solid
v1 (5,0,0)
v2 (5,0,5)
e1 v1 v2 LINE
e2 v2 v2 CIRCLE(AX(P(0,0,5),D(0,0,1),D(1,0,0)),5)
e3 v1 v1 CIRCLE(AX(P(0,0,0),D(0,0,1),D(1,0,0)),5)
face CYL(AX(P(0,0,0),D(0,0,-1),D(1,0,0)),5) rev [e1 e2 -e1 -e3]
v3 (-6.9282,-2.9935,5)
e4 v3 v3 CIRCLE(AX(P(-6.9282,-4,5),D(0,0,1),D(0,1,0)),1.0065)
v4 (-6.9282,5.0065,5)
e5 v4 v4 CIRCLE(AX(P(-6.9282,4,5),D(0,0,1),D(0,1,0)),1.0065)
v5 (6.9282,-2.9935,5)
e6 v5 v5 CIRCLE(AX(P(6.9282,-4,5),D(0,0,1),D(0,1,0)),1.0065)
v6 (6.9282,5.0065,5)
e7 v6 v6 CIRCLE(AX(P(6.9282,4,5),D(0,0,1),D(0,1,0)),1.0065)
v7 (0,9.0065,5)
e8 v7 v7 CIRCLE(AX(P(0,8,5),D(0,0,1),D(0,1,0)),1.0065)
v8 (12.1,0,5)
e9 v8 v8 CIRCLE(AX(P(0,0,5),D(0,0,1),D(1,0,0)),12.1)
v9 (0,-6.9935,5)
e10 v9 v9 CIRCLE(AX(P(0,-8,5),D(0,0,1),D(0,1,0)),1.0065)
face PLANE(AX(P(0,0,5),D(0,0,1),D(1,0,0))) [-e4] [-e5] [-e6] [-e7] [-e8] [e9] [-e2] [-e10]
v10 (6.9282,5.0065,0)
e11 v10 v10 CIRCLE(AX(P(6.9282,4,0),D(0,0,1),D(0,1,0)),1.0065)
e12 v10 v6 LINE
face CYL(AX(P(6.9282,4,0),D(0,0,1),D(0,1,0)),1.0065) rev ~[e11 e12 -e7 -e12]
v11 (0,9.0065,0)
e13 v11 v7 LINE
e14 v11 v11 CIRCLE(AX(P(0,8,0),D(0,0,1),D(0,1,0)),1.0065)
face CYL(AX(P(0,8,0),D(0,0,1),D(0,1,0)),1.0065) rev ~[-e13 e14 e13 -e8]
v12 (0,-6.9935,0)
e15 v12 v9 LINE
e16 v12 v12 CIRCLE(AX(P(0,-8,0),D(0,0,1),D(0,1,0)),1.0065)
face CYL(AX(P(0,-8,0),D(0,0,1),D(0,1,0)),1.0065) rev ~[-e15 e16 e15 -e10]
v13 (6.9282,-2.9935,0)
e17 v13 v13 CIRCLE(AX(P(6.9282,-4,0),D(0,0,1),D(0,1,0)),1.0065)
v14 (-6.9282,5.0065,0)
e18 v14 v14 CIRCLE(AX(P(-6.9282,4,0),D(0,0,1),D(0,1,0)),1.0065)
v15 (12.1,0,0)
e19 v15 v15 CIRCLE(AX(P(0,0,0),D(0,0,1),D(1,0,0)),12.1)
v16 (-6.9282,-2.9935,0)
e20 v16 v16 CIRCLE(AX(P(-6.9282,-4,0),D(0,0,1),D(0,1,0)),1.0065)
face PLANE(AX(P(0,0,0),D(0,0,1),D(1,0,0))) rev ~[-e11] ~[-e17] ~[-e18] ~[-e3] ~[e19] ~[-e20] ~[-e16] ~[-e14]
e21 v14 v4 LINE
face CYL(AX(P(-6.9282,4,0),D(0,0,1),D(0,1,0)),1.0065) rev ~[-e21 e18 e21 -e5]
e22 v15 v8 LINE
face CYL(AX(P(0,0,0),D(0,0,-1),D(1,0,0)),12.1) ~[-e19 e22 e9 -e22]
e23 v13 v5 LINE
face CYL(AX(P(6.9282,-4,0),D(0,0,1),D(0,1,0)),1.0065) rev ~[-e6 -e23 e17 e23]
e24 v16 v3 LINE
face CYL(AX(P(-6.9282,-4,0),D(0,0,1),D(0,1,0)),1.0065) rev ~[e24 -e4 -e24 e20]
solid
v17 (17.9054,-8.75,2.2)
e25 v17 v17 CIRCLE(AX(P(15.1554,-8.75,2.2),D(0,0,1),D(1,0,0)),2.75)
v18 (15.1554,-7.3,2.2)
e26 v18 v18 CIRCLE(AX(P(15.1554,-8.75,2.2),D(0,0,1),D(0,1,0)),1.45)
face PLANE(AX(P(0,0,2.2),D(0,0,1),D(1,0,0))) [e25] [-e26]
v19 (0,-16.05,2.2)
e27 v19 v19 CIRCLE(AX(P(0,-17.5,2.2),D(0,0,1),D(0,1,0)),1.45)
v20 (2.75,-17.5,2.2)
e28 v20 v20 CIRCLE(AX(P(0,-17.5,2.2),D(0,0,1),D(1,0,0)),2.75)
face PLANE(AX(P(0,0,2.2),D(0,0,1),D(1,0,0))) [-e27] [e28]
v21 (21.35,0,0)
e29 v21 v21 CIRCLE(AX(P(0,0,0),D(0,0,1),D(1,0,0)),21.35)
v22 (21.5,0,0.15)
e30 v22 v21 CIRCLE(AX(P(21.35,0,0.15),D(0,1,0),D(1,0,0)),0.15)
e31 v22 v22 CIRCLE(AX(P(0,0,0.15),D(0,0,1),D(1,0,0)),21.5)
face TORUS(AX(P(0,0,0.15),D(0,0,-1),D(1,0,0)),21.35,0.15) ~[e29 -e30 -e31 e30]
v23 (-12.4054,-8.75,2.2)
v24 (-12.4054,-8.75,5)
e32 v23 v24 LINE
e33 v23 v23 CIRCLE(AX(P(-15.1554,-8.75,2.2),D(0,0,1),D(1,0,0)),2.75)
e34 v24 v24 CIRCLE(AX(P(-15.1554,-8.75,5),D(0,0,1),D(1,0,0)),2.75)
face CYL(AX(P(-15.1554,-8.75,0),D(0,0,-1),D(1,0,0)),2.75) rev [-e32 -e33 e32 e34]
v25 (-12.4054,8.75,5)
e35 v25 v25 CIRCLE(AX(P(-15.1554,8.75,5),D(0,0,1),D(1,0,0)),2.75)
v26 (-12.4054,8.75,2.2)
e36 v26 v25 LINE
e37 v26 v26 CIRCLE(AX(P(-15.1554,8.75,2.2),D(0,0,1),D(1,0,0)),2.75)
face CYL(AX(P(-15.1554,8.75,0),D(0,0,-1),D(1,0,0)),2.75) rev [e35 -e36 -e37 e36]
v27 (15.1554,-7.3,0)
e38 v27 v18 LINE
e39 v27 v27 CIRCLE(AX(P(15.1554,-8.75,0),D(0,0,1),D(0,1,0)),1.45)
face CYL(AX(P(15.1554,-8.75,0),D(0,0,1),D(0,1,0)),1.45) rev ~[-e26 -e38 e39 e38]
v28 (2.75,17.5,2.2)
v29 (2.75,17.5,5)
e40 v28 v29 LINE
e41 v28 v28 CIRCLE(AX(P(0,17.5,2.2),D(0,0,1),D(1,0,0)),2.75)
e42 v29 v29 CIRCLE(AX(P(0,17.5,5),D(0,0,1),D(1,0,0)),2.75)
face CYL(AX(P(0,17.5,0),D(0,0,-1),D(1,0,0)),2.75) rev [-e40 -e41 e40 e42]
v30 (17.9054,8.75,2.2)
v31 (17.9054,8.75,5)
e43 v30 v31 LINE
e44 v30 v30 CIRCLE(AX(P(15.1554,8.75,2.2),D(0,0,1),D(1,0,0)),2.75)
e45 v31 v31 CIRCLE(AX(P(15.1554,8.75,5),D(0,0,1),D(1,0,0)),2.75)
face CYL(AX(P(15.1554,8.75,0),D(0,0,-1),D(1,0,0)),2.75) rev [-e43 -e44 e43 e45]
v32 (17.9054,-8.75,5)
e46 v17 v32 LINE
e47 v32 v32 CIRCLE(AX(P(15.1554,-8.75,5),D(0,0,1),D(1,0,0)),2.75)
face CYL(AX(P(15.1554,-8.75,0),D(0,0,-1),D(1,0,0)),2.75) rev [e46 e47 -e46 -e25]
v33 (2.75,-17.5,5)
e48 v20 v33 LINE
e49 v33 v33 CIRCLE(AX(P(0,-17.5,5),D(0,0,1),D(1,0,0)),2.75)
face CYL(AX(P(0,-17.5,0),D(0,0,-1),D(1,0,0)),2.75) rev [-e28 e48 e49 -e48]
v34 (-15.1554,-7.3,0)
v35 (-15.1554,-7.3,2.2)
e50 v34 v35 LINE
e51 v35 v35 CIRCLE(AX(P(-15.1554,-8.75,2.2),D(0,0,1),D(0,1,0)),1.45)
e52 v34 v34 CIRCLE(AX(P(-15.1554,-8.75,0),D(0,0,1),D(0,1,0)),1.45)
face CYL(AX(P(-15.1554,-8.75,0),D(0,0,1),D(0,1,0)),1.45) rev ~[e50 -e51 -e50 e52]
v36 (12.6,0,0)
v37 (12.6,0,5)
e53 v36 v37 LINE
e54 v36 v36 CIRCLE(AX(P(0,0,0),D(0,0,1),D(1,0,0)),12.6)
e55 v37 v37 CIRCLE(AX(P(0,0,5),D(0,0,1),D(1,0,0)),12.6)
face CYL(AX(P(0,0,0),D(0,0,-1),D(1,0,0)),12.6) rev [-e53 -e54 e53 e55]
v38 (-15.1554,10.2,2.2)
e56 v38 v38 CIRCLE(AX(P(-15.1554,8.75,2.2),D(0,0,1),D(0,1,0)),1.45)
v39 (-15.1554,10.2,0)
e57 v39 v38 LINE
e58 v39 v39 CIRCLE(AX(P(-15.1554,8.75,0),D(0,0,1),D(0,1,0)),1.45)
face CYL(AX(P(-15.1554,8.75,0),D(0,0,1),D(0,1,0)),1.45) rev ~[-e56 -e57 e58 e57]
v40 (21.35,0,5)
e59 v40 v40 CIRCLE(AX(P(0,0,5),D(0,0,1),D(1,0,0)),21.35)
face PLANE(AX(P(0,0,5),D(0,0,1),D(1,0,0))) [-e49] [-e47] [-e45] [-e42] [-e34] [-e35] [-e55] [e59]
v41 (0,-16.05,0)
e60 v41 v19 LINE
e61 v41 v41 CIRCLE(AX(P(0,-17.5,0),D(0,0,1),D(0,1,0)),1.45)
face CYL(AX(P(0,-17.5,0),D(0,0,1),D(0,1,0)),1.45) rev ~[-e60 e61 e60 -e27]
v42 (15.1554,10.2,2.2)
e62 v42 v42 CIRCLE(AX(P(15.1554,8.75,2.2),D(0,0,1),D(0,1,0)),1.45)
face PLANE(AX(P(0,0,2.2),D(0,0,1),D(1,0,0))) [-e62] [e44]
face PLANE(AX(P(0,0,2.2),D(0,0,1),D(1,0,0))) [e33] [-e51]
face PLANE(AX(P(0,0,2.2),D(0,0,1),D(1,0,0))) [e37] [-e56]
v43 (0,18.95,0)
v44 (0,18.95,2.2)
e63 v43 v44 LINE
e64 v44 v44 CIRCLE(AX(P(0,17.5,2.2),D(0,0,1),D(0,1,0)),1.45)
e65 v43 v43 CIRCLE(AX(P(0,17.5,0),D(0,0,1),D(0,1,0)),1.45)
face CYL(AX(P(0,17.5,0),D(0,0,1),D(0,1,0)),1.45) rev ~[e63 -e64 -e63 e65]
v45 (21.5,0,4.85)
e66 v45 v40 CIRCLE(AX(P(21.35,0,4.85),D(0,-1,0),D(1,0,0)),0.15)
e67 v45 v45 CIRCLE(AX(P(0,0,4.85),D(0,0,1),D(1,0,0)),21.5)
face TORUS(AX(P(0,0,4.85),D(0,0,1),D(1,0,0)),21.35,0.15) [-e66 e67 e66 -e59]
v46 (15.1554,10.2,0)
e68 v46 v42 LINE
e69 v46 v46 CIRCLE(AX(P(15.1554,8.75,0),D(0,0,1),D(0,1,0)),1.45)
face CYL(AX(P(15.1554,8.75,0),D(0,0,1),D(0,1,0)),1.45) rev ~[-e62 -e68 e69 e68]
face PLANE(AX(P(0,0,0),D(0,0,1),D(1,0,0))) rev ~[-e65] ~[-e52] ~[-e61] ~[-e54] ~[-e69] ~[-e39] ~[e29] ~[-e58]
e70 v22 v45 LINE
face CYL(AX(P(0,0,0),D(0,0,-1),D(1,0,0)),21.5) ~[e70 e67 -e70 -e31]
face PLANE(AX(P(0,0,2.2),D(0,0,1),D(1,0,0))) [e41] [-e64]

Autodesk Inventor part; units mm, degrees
ref_plane "YZ Plane" through (0, 0, 0) normal (1, 0, 0) x (0, 1, 0)
ref_plane "XZ Plane" through (0, 0, 0) normal (0, 1, 0) x (-1, 0, 0)
ref_plane "XY Plane" through (0, 0, 0) normal (0, 0, 1) x (1, 0, 0)
sketch "スケッチ1" plane through (0, 0, 0) normal (0, 0, 1) x (1, 0, 0)
  circle A0 centre (0, 0) radius 21.5
  circle A1 centre (0, 0) radius 5
  circle A2 centre (0, 0) radius 12.6
  circle A3 centre (0, 0) radius 12.1
  line L0 (0, 21.5) -> (0, 0) construction
  circle A4 centre (0, 17.5) radius 2.75
  circle A5 centre (-15.1554, 8.75) radius 2.75
  circle A6 centre (-15.1554, -8.75) radius 2.75
  circle A7 centre (0, -17.5) radius 2.75
  circle A8 centre (15.1554, -8.75) radius 2.75
  circle A9 centre (15.1554, 8.75) radius 2.75
  point P0 (0, 8)
  point P1 (-6.9282, 4)
  point P2 (-6.9282, -4)
  point P3 (0, -8)
  point P4 (6.9282, -4)
  point P5 (6.9282, 4)
  dimension "d0" = 43
  dimension "d1" = 10
  dimension "d2" = 25.2
  dimension "d3" = 24.2
  dimension "d4" = 8
  dimension "d5" = 17.5
  dimension "d10" = 5.5
  dimension "d13" = 360
extrude "押し出し1" add sketch "スケッチ1" along normal blind 5
extrude "押し出し2" add sketch "スケッチ1" along normal blind 2.2 contours A4 | A5 | A6 | A7 | A8 | A9
hole "穴1" at (0, 17.5, 0) at (15.1554, 8.75, 0) at (15.1554, -8.75, 0) at (0, -17.5, 0) at (-15.1554, -8.75, 0) at (-15.1554, 8.75, 0) direction (0, 0, 1) diameter 2.9 end through all
hole "穴2" at (0, 8, 0) at (-6.9282, 4, 0) at (-6.9282, -4, 0) at (0, -8, 0) at (6.9282, -4, 0) at (6.9282, 4, 0) direction (0, 0, 1) diameter 2.013 end through all thread size "M2.5x0.45" class "6H" standard "ISO Metric profile"
fillet "フィレット1" radius 0.15 2 edges at (-21.5, 0, 5) (-21.5, 0, 0)
properties part number "CRBTF105AT"
